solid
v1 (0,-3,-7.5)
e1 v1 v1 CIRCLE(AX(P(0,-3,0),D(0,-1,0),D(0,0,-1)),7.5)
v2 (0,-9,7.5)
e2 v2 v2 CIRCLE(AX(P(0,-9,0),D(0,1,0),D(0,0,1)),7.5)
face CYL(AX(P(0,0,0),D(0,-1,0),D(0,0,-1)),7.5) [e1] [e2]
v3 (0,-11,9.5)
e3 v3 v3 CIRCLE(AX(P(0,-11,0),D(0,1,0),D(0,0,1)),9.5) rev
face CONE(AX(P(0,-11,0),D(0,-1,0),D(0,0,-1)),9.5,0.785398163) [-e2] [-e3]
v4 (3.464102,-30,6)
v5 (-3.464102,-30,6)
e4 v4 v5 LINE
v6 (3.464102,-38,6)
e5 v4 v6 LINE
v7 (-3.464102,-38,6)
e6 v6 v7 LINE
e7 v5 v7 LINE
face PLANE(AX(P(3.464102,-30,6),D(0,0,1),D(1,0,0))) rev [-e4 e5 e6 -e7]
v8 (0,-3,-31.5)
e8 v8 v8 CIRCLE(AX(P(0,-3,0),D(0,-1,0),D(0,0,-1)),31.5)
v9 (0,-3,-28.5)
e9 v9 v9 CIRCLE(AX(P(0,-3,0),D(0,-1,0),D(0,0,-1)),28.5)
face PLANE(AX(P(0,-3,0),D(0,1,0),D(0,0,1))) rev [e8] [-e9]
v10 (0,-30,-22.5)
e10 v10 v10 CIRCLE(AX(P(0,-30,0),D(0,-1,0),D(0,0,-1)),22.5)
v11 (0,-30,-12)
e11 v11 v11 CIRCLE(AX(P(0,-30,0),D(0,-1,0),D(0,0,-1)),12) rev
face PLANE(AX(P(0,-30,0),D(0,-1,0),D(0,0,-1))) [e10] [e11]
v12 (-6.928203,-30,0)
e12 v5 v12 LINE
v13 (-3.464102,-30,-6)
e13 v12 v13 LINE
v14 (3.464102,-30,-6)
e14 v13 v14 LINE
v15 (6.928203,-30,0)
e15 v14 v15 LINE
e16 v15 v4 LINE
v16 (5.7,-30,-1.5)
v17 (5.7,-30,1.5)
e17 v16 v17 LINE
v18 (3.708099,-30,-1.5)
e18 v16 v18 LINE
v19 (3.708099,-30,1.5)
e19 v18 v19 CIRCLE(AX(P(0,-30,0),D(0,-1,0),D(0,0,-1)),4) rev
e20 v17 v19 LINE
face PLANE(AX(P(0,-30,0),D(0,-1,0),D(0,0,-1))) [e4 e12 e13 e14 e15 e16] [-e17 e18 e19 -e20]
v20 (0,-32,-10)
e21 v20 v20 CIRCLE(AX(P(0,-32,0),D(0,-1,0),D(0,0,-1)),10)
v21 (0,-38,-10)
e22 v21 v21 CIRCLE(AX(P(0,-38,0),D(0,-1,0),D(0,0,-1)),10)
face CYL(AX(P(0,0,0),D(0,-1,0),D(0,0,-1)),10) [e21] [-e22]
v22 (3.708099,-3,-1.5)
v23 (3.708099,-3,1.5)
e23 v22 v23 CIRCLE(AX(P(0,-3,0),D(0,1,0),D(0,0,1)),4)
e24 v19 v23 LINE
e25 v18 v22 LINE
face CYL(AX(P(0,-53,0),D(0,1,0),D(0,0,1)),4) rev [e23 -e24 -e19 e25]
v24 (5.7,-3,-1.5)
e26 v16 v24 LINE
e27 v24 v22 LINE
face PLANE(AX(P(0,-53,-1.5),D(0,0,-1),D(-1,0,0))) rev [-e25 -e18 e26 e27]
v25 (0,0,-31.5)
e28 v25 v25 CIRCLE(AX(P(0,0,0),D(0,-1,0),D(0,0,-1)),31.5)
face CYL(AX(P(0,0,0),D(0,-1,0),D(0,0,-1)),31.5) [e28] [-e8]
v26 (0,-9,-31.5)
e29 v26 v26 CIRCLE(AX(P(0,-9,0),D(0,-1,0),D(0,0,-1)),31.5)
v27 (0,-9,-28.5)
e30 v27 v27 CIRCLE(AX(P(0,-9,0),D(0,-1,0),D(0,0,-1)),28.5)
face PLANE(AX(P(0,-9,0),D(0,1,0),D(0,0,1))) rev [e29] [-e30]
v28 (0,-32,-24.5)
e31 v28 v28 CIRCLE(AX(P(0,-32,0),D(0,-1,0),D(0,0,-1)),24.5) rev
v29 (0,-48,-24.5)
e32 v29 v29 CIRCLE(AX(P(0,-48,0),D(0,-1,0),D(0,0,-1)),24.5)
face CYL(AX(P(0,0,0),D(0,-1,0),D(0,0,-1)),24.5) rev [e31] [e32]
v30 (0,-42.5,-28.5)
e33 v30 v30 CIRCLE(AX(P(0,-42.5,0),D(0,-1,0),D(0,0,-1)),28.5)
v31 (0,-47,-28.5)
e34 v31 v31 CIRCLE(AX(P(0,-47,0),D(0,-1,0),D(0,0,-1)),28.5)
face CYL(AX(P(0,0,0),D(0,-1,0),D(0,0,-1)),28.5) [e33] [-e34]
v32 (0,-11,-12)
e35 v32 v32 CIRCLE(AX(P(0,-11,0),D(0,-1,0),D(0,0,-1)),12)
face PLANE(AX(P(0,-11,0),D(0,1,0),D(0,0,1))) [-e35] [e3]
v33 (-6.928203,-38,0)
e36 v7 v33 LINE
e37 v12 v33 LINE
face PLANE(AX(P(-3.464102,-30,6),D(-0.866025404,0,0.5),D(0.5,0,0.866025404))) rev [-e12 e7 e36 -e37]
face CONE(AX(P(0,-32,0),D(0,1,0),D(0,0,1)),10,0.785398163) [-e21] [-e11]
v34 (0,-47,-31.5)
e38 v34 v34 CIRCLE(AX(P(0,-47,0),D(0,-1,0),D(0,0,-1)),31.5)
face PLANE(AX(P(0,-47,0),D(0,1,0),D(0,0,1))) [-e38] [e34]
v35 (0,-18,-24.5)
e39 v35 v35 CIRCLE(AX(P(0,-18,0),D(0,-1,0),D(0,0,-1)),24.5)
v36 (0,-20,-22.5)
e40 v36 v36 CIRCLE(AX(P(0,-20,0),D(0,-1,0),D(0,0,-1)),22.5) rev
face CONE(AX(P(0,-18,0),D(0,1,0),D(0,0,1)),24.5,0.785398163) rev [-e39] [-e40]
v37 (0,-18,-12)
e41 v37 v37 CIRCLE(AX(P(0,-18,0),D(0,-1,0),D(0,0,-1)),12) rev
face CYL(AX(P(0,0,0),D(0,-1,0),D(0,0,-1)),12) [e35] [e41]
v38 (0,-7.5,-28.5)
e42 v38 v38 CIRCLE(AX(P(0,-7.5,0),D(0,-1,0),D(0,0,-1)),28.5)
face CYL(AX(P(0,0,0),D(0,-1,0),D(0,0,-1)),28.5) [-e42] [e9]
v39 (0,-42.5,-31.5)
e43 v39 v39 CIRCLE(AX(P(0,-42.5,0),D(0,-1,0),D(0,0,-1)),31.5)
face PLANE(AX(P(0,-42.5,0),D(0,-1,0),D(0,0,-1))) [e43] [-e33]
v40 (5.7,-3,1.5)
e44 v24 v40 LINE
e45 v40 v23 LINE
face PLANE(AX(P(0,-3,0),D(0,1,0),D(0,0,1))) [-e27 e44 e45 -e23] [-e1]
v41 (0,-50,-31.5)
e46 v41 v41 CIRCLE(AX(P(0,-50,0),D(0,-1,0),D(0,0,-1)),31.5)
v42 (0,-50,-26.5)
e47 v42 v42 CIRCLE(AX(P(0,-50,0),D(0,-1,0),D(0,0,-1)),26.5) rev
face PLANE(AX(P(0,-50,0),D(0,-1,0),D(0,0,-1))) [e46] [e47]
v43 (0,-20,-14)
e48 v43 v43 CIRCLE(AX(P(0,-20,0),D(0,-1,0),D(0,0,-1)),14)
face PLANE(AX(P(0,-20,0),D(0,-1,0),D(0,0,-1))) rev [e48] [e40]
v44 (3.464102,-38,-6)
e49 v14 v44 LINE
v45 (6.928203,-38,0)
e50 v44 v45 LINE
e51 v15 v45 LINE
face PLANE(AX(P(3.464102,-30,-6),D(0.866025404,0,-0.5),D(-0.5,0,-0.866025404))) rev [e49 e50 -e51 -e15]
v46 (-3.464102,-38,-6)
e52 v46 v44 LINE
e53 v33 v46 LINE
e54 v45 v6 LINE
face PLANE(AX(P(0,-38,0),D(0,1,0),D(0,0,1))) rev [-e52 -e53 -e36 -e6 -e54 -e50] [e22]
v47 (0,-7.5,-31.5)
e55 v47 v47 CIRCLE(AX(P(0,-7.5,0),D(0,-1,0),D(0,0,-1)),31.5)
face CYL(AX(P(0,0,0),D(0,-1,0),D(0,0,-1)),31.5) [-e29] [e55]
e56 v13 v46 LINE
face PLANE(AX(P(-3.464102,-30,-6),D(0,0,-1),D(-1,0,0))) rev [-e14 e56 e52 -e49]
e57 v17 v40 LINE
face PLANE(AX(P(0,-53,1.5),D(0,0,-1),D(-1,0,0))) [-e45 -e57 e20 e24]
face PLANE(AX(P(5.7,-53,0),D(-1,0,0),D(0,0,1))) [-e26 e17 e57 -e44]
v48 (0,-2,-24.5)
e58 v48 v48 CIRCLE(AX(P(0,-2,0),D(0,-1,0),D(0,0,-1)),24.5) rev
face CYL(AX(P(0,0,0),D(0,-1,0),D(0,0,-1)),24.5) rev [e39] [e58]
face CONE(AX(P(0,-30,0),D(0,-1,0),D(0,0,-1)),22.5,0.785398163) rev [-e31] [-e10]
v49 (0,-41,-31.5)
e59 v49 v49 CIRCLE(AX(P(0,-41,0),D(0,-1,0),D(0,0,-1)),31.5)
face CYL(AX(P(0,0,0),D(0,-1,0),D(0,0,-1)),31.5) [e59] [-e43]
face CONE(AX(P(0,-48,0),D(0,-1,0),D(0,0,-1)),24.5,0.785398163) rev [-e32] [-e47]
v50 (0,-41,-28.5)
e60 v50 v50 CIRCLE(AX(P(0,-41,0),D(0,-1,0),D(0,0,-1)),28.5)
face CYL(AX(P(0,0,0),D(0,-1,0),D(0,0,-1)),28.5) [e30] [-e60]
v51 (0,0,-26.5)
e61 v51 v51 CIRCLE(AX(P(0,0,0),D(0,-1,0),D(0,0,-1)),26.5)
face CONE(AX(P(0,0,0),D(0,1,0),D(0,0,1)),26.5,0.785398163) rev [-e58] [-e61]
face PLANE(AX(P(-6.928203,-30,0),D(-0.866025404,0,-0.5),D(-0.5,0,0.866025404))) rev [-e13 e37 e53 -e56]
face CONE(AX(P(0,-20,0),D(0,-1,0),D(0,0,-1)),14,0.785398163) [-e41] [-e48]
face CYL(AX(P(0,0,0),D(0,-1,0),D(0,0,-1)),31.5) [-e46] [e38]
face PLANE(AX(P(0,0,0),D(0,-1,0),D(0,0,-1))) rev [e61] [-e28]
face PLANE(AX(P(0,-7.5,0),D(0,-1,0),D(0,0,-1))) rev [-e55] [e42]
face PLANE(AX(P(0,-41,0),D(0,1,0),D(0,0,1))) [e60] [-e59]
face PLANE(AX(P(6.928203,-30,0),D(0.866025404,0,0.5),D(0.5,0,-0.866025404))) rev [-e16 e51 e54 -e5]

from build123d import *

# Parameters (mm, degrees)
CUT_EXTRUDE_1_DEPTH = 50
CUT_EXTRUDE_2_DEPTH = 8
CHAMFER_1_SIZE      = 2


with BuildPart() as part:
    # 草图1 → 旋转1 (revolve)
    with BuildSketch(Plane.XY, mode=Mode.PRIVATE) as revolve_1_sk:
        Polygon((24.5, -30), (24.5, -20), (12, -20), (12, -11), (7.5, -11), (7.5, -3), (0, -3), (0, -20), (0, -30), (0, -38), (10, -38), (10, -30), align=None)
        Polygon((31.5, 0), (24.5, 0), (24.5, -20), (24.5, -30), (28.5, -30), (28.5, -20), (28.5, -9), (31.5, -9), (31.5, -7.5), (28.5, -7.5), (28.5, -3), (31.5, -3), align=None)
        Polygon((28.5, -30), (24.5, -30), (24.5, -50), (31.5, -50), (31.5, -47), (28.5, -47), (28.5, -42.5), (31.5, -42.5), (31.5, -41), (28.5, -41), align=None)
    revolve(revolve_1_sk.sketch.rotate(Axis((0, 0, 0), (0, 1, 0)), 90), axis=Axis((0, 0, 0), (0, 1, 0)))

    # 草图2 → 切除-拉伸1 (cut)
    with BuildSketch(Plane(origin=(0, -3, 0), x_dir=(1, 0, 0), z_dir=(0, 1, 0))):
        with BuildLine():
            Line((5.7, 1.5), (3.708099244, 1.5))
            ThreePointArc((3.708099244, 1.5), (-4, 0), (3.708099244, -1.5))
            Line((3.708099244, -1.5), (5.7, -1.5))
            Line((5.7, -1.5), (5.7, 1.5))
        make_face()
    extrude(amount=-CUT_EXTRUDE_1_DEPTH, mode=Mode.SUBTRACT)

    # 草图3 → 切除-拉伸2 (cut)
    with BuildSketch(Plane.XZ.offset(38)):
        Polygon((6.92820323, 0), (3.464101615, 6), (-3.464101615, 6), (-6.92820323, 0), (-3.464101615, -6), (3.464101615, -6), align=None)
    extrude(amount=-CUT_EXTRUDE_2_DEPTH, mode=Mode.SUBTRACT)

    # 倒角1
    chamfer_1_edges = [part.edges().sort_by_distance(p)[0] for p in [
        (0, -11, 7.5),
        (0, -20, 12),
        (0, -20, 24.5),
        (0, 0, 24.5),
        (0, -50, 24.5),
        (0, -30, 24.5),
        (0, -30, 10),
    ]]
    chamfer(chamfer_1_edges, length=CHAMFER_1_SIZE)


solid = part.part
